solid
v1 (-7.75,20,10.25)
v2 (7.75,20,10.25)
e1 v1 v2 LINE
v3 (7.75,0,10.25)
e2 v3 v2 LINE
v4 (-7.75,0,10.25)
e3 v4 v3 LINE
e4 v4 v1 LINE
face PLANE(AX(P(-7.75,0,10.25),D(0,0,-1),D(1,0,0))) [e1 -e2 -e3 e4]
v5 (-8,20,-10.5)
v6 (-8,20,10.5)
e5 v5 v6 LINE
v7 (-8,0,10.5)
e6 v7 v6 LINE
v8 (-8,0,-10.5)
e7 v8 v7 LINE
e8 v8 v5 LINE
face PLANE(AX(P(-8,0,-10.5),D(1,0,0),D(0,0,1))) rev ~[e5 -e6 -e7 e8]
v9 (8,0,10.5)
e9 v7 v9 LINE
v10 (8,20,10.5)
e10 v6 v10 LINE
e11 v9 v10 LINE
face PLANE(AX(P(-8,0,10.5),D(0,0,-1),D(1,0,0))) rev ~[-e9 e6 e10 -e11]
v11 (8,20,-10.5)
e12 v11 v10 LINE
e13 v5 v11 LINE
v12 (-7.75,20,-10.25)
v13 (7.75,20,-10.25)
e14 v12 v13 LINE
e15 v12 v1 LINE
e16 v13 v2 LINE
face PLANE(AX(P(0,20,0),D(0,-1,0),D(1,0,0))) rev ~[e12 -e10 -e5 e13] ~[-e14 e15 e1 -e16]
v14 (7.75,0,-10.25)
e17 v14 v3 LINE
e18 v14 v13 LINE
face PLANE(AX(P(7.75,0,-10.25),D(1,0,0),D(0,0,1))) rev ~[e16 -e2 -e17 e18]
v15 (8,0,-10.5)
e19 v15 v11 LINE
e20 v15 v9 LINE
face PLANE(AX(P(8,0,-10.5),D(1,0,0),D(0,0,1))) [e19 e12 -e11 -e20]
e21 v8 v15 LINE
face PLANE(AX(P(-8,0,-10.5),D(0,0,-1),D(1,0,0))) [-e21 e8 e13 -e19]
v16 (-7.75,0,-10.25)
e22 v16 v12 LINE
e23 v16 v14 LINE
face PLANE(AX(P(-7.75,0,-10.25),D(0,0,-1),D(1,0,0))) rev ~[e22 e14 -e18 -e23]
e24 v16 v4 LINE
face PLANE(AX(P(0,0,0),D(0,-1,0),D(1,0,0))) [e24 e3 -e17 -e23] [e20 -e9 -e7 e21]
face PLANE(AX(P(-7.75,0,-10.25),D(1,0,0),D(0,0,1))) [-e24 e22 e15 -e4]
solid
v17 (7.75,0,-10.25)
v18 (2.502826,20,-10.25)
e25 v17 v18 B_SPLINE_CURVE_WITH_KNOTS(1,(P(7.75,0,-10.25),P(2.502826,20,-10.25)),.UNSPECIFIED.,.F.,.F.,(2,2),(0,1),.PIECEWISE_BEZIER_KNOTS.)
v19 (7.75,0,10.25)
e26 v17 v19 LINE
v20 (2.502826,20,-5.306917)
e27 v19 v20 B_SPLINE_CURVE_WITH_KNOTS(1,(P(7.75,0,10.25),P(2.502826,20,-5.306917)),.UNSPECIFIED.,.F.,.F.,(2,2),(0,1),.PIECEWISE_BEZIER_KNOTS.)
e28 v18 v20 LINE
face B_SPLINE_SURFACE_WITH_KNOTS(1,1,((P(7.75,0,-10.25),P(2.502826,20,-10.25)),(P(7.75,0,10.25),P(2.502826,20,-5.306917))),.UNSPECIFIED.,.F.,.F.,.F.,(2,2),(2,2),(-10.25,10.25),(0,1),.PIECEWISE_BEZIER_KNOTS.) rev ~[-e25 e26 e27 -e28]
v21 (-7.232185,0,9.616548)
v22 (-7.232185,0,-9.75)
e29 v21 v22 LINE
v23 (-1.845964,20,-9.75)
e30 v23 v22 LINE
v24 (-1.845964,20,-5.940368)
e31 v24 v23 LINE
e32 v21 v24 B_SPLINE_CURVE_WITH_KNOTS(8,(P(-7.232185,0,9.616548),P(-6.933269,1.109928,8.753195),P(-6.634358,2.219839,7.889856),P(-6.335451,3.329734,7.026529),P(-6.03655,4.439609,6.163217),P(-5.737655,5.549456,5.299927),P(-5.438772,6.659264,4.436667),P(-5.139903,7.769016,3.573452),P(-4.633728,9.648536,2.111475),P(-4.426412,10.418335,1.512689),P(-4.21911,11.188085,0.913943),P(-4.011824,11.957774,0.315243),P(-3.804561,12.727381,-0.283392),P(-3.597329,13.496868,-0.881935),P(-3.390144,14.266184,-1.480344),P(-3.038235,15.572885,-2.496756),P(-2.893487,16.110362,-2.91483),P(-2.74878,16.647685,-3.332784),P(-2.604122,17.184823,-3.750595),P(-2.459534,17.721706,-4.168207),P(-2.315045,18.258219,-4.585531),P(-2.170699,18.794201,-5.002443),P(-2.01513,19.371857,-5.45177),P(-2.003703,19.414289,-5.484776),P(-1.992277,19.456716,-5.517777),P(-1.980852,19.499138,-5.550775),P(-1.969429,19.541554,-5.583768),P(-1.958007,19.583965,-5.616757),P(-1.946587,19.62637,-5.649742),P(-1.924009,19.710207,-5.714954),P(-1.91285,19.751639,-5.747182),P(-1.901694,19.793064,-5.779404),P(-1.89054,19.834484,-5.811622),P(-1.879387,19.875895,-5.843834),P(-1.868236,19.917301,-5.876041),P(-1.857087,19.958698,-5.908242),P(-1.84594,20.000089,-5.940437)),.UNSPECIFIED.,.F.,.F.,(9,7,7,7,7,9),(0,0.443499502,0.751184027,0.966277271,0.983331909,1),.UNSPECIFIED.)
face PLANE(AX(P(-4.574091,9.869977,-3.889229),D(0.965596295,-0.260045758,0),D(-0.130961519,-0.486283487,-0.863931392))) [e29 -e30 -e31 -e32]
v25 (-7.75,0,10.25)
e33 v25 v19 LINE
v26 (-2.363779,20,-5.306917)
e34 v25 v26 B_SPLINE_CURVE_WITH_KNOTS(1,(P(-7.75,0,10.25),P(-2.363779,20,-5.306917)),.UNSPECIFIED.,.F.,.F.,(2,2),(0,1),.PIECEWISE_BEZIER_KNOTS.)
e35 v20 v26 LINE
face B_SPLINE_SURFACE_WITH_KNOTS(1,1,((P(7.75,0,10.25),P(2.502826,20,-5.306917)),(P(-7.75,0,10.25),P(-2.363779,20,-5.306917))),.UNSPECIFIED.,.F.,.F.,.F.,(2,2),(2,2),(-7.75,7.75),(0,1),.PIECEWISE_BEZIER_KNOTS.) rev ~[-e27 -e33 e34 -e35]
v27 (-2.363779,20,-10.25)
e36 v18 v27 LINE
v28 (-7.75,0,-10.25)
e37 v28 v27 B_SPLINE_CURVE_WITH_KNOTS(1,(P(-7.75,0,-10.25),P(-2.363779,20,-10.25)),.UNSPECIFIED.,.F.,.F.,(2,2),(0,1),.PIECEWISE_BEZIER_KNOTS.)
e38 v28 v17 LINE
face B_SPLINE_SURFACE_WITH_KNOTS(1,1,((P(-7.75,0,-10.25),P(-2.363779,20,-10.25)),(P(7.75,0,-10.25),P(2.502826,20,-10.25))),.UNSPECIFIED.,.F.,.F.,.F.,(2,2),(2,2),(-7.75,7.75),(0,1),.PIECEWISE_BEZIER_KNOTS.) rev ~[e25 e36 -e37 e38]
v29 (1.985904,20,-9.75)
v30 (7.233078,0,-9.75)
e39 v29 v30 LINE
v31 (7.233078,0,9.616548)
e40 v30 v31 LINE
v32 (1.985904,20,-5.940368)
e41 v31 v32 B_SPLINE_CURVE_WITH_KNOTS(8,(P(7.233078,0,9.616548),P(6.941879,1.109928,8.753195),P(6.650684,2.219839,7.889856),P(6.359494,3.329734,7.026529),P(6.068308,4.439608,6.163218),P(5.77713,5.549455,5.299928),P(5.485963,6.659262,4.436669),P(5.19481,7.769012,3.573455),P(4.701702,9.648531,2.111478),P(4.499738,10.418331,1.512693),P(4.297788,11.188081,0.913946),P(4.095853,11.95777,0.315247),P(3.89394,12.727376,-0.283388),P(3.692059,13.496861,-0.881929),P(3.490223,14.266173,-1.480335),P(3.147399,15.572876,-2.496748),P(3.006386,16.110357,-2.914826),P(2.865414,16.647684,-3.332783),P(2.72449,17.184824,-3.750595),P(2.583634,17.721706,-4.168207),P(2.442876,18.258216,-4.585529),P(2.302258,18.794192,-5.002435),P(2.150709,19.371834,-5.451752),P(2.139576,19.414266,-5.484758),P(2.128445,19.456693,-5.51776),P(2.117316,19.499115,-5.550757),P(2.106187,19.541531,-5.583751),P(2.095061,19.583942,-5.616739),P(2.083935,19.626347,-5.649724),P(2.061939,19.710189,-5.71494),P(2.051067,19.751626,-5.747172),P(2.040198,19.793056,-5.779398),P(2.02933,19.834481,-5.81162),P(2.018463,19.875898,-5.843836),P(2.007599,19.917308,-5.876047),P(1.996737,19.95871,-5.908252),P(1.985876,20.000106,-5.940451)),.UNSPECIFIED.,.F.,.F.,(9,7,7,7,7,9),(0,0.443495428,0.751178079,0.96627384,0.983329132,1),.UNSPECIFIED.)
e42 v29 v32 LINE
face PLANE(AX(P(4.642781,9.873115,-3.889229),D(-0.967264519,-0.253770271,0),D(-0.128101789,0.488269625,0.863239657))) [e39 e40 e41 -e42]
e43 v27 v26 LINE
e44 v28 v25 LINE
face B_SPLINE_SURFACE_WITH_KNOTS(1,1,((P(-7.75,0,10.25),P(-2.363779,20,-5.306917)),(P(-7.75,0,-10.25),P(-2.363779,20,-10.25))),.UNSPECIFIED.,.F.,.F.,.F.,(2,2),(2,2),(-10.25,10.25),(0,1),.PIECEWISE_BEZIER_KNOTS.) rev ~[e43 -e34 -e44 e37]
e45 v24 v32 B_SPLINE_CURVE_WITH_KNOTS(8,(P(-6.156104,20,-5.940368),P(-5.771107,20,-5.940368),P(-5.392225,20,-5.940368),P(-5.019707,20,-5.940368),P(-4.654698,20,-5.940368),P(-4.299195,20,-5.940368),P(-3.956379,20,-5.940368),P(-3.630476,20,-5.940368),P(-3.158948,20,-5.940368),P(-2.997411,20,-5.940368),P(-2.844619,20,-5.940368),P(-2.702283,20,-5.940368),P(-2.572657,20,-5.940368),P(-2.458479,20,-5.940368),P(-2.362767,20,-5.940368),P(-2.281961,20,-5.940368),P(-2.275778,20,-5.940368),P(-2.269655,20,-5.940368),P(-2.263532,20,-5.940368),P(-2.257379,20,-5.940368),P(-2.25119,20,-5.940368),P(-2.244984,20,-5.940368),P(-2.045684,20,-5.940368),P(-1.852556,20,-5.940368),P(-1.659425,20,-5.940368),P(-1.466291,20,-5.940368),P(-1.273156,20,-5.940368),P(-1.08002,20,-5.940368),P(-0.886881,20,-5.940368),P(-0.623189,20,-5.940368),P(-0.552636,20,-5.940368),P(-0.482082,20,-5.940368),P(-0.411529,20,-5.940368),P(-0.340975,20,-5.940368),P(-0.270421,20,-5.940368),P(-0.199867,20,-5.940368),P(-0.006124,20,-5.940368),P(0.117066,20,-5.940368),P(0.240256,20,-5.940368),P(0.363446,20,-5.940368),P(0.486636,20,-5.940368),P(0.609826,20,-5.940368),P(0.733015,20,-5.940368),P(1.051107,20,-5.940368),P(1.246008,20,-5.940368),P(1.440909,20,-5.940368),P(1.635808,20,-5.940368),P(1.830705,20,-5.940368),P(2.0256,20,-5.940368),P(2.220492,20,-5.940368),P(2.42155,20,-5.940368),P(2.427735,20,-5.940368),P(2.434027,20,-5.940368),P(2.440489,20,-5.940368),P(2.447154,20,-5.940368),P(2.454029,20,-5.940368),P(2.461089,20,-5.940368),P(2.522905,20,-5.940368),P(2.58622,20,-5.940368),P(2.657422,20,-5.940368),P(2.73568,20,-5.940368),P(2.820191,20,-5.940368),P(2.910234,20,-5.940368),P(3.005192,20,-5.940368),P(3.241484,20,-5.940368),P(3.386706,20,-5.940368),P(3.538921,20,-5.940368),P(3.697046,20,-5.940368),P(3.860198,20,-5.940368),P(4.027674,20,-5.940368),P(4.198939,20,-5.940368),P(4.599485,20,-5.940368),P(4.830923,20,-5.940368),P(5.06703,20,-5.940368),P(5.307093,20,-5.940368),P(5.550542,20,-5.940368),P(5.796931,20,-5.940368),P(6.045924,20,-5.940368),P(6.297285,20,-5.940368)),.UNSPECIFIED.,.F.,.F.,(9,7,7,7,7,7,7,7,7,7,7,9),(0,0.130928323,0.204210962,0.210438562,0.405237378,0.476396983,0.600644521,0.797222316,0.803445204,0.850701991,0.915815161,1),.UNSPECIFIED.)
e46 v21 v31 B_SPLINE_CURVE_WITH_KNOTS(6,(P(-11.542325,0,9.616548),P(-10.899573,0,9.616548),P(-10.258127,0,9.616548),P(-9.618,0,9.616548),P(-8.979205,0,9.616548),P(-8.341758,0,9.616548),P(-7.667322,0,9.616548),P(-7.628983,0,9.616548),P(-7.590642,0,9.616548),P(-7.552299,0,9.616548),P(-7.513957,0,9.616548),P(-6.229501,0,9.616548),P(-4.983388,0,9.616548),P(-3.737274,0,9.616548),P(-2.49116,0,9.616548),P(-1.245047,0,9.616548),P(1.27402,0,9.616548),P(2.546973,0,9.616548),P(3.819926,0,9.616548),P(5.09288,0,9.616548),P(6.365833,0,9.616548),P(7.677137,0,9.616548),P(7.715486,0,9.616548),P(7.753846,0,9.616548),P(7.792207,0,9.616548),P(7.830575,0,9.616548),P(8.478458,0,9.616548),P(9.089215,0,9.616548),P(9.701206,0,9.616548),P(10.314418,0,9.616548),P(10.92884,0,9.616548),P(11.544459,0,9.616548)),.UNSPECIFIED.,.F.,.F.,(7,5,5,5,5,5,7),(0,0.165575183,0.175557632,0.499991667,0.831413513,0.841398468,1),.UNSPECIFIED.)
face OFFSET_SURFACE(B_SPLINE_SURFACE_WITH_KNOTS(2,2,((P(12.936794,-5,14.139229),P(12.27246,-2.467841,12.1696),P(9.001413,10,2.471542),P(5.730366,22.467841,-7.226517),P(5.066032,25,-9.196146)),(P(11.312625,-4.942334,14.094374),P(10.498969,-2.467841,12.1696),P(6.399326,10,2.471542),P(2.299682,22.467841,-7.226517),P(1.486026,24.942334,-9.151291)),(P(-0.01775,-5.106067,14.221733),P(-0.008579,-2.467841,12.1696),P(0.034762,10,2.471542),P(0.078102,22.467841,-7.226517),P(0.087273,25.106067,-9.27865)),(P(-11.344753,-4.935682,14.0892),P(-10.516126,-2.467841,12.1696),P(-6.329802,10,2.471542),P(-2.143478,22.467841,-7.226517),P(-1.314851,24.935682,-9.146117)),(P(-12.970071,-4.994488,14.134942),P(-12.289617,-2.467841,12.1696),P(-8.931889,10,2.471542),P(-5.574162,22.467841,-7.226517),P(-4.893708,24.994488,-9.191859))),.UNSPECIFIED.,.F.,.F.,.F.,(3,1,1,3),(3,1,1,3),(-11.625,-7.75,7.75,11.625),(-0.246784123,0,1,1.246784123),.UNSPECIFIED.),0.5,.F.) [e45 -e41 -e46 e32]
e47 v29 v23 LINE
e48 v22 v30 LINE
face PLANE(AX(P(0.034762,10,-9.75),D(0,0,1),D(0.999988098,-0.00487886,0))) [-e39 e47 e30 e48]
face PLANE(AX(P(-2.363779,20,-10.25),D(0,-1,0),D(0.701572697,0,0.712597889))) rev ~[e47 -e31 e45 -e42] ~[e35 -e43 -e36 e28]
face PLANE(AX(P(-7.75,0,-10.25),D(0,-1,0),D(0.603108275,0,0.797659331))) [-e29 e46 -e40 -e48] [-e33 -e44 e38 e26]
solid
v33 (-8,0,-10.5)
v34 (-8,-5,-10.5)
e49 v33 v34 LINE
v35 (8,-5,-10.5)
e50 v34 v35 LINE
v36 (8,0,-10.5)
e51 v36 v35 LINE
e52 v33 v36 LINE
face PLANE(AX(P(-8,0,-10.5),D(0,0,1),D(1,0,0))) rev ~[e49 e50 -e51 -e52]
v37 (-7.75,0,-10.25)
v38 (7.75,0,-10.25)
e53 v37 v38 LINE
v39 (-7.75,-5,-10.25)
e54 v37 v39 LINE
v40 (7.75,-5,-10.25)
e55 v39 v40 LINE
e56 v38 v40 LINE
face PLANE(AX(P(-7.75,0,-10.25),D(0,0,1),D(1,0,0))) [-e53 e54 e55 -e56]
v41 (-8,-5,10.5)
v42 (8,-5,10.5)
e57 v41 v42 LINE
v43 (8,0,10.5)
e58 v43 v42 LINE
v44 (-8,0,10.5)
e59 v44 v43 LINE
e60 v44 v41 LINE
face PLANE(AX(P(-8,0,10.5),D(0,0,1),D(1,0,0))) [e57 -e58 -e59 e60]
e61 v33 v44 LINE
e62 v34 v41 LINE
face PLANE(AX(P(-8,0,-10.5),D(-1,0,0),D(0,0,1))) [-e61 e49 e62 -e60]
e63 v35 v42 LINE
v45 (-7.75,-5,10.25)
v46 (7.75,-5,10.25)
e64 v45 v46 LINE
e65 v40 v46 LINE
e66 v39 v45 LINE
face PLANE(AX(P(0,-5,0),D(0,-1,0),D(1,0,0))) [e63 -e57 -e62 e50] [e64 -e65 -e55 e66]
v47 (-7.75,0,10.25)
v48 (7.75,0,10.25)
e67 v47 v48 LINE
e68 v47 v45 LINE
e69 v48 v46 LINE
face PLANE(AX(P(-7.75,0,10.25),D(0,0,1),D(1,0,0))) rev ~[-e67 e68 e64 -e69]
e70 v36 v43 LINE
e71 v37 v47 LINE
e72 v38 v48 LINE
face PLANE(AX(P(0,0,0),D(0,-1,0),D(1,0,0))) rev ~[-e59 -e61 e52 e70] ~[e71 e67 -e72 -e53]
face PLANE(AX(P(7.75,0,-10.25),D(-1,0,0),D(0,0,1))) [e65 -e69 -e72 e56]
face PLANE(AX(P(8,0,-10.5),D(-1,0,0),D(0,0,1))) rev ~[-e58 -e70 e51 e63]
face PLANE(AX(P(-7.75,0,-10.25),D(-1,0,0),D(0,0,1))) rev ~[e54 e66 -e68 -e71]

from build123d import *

# Parameters (mm, degrees)
F0_W     = 16
F0_H     = 21
F0_W_2   = 15.5
F0_H_2   = 20.5
F1_DEPTH = 5
F2_DEPTH = 20
F3_W     = 4.8666046932
F3_H     = 4.943083223
F5_T     = -0.5


with BuildPart() as f1:
    # F0 (on Front) → F1 (new body)
    with BuildSketch(Plane.XZ):
        Rectangle(F0_W, F0_H)
        Rectangle(F0_W_2, F0_H_2, mode=Mode.SUBTRACT)
    extrude(amount=F1_DEPTH)


with BuildPart() as f2:
    # F2 (new): a face of the model
    f2_faces = [f1.part.faces().sort_by_distance(p)[0] for p in [
        (0, 0, 10.4735992424),
    ]]
    extrude(f2_faces, amount=F2_DEPTH)


with BuildPart() as f4:
    # F0 (on Front) → F4 section 0
    with BuildSketch(Plane.XZ):
        Rectangle(F0_W_2, F0_H_2)
    # F3 (on face) → F4 section 1
    with BuildSketch(Plane(origin=(0, 20, 0), x_dir=(-1, 0, 0), z_dir=(0, 1, 0))):
        with Locations((-0.069523463, -7.7784583885)):
            Rectangle(F3_W, F3_H)
    loft()

    # F5
    f5_openings = [f4.faces().sort_by_distance(p)[0] for p in [
        (0, 0, 0),
        (0.069523, 20, -7.778458),
    ]]
    offset(amount=F5_T, openings=f5_openings)


solid = Compound([f1.part, f2.part, f4.part])
